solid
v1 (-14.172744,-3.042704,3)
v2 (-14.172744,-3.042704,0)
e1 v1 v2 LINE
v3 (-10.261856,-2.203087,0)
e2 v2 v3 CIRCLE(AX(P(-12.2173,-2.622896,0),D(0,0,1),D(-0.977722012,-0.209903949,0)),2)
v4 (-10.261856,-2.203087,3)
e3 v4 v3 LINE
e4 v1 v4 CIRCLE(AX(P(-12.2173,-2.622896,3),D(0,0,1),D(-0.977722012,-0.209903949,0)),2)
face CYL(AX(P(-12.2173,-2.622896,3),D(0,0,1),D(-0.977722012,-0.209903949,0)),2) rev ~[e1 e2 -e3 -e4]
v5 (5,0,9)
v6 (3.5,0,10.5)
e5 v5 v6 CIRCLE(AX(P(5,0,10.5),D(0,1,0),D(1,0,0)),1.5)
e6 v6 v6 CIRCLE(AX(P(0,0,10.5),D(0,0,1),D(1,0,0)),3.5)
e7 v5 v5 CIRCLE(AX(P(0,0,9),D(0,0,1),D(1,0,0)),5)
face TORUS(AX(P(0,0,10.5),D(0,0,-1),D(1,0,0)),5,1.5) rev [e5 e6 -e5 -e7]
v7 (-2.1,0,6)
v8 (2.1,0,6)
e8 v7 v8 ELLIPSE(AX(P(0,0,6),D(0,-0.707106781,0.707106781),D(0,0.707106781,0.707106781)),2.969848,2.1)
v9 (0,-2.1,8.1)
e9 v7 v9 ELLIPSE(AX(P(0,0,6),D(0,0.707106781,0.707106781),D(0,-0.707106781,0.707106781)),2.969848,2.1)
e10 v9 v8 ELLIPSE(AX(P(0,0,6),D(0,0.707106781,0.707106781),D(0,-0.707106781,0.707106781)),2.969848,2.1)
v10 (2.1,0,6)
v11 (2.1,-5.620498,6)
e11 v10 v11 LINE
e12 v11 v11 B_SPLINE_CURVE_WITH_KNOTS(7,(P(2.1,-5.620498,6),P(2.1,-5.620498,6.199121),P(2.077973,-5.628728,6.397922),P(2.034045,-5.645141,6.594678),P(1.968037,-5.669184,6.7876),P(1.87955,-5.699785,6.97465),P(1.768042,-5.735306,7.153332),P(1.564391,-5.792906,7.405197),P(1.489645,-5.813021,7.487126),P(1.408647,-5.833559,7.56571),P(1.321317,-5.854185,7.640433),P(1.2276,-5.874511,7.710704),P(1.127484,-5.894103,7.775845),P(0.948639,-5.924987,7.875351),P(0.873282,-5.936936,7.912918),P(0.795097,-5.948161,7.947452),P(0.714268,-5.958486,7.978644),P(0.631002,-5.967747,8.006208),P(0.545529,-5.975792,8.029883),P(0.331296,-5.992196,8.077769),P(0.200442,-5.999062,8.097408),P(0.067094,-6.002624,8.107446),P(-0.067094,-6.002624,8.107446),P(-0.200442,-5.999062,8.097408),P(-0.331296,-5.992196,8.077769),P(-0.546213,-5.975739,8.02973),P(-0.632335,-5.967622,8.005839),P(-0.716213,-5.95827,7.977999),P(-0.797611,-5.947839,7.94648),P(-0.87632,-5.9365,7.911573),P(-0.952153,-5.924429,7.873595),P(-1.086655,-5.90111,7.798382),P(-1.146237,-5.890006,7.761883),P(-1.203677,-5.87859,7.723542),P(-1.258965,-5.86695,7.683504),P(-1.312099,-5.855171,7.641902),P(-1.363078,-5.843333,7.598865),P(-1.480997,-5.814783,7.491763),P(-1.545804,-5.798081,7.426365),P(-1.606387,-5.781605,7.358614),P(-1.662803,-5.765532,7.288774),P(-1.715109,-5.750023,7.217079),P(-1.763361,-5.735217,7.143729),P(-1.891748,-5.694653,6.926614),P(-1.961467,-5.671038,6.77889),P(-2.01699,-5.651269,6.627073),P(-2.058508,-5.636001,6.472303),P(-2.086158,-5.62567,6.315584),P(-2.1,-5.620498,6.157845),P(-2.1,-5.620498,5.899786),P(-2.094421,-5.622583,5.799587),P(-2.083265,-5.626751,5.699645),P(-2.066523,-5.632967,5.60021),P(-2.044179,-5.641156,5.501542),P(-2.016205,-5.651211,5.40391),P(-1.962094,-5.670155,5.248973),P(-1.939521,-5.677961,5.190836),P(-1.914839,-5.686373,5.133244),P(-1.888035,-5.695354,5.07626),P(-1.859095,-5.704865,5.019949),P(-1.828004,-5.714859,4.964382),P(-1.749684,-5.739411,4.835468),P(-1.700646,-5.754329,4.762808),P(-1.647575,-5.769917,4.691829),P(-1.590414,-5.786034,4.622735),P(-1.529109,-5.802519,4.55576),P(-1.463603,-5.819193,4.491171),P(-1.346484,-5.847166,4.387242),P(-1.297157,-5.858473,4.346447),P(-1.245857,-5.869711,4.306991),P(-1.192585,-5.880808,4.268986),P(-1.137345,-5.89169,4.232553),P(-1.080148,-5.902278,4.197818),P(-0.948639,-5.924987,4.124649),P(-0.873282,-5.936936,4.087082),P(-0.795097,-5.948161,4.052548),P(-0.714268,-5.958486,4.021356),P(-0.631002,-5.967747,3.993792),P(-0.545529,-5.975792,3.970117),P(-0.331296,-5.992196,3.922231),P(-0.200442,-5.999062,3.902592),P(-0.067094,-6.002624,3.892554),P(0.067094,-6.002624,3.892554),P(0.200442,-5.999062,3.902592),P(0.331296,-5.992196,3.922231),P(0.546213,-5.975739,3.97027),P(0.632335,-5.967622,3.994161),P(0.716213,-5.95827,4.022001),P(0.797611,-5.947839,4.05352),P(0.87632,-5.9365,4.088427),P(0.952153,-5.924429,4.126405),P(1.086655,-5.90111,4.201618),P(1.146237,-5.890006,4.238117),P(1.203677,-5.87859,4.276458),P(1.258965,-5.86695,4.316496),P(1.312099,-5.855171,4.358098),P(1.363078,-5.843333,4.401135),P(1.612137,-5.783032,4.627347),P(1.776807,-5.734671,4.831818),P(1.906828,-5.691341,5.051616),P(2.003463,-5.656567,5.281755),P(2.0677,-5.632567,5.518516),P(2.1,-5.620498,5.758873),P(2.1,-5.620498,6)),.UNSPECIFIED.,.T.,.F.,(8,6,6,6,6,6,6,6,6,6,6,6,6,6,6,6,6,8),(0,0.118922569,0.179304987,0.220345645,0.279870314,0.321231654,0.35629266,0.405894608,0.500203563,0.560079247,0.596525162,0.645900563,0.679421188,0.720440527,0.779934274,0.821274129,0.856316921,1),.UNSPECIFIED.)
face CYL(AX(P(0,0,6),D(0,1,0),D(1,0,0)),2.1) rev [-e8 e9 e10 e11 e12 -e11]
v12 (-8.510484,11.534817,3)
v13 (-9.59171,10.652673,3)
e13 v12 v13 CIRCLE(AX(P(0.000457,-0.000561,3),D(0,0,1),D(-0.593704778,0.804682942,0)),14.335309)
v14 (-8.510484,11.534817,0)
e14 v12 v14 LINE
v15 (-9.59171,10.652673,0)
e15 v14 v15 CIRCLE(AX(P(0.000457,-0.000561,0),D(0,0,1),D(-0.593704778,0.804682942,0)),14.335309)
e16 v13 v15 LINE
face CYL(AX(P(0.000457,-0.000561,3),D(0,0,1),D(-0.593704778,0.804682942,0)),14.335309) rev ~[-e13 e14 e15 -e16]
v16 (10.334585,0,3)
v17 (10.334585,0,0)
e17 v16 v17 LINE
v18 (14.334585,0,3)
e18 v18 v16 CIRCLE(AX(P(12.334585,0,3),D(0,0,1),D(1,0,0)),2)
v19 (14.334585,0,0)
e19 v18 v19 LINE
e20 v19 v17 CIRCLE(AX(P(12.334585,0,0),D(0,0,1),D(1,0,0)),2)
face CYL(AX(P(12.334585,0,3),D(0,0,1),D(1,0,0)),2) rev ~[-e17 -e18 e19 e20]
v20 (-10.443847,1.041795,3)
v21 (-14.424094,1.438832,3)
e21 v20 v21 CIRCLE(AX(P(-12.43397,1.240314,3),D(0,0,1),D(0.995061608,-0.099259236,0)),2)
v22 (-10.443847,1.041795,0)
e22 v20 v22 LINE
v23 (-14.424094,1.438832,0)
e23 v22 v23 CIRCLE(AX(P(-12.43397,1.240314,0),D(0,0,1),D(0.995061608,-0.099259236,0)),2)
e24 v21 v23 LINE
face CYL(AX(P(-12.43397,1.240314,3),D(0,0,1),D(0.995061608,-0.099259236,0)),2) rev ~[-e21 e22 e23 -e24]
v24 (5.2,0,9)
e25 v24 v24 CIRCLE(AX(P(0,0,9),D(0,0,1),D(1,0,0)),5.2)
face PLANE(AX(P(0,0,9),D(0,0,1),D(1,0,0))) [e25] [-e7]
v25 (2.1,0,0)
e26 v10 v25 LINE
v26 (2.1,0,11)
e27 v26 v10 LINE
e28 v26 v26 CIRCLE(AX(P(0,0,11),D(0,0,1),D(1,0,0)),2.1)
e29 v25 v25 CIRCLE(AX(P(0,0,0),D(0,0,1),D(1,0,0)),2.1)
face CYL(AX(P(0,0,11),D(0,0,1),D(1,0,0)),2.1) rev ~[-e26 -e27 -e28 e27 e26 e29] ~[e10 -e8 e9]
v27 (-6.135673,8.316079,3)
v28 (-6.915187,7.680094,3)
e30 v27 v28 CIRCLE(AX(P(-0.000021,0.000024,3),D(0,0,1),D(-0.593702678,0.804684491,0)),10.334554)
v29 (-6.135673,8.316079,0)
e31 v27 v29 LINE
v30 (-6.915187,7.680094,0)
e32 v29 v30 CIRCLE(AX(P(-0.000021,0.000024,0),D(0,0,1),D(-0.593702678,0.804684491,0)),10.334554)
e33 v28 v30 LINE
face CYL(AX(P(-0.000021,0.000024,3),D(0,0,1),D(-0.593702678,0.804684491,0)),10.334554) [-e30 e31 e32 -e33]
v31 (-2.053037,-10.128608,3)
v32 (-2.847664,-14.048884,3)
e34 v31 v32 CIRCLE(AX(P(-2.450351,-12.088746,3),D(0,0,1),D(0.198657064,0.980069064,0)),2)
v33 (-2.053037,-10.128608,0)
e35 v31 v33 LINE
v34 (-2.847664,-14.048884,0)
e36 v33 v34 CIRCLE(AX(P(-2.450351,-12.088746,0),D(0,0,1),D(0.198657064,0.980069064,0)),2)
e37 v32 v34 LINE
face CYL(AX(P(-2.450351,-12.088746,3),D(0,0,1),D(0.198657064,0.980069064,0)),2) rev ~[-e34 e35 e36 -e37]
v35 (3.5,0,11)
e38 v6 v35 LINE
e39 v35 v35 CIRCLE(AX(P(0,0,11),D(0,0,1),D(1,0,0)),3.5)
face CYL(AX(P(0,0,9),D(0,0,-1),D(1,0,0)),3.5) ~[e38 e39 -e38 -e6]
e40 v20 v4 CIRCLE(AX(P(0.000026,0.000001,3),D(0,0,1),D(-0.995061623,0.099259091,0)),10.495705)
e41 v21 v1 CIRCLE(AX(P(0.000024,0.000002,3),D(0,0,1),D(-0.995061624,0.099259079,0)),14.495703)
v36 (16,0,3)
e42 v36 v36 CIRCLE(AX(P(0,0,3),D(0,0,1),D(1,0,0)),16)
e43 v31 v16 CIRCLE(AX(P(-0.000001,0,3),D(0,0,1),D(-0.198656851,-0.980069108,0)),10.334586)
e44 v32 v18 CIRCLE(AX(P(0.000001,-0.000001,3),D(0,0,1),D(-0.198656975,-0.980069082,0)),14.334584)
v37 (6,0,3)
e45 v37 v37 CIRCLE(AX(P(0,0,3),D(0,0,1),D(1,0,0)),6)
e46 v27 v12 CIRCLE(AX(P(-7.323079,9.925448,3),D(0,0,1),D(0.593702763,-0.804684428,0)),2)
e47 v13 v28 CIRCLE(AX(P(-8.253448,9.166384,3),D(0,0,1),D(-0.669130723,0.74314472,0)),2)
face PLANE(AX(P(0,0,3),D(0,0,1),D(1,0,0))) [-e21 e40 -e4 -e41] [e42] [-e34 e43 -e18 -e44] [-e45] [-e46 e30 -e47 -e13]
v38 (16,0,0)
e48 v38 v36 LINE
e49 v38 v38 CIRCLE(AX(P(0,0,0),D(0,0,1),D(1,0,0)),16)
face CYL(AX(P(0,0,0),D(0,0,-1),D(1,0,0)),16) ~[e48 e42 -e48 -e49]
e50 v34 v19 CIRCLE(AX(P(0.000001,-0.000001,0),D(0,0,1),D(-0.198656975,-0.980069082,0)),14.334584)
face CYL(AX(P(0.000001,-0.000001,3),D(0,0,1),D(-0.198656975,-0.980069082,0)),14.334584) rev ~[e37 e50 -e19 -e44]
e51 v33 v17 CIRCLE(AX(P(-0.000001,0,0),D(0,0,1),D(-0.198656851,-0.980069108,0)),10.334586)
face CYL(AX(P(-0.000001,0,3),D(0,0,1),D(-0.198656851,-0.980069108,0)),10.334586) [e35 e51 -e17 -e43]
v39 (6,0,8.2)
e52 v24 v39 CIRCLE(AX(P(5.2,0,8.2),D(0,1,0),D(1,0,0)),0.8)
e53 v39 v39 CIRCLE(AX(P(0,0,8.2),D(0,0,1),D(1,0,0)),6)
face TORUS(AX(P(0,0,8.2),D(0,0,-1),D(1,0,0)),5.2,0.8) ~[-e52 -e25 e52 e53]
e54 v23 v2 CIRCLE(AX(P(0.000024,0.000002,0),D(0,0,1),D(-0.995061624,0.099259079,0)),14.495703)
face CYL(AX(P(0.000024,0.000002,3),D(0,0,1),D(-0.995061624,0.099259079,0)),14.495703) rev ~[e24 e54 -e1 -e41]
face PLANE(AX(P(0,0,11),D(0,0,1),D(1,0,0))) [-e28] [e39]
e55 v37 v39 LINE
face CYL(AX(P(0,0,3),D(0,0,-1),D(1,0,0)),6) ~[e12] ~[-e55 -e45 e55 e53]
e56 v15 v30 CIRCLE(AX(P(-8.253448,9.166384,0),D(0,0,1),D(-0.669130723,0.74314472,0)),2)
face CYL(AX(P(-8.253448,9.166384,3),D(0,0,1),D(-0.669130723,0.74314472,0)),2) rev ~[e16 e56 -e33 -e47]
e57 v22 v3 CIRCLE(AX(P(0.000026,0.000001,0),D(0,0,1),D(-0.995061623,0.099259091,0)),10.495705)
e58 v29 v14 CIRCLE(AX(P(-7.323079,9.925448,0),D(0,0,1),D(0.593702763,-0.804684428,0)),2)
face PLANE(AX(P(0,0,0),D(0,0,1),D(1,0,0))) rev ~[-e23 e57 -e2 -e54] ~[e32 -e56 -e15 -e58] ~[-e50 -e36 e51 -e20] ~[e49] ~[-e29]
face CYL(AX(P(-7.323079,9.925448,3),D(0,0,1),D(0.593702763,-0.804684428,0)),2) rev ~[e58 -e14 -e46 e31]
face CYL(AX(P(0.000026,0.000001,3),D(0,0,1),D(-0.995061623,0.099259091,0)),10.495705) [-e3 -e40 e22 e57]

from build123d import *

# Parameters (mm, degrees)
SKETCH007_R     = 2.1
PAD003_DEPTH    = 10
SKETCH_R        = 16
PAD_DEPTH       = 3
POCKET_DEPTH    = 3.001
POCKET001_DEPTH = 3
POCKET002_DEPTH = 3
SKETCH004_R     = 6
PAD001_DEPTH    = 6
SKETCH005_R     = 3.5
PAD002_DEPTH    = 2
SKETCH006_R     = 2.1
POCKET003_DEPTH = 11.001
FILLET_R        = 1.5
FILLET001_R     = 0.8


with BuildPart() as pad003:
    # Sketch007 → Pad003 (new body)
    with BuildSketch(Plane.XZ):
        with Locations((0, 6)):
            Circle(SKETCH007_R)
    extrude(amount=PAD003_DEPTH)


with BuildPart() as cut:
    # Sketch → Pad (new body)
    with BuildSketch(Plane.XY):
        Circle(SKETCH_R)
    extrude(amount=PAD_DEPTH)

    # Sketch001 → Pocket (cut, through all)
    with BuildSketch(Plane.XY.offset(3)):
        with BuildLine():
            ThreePointArc((-2.847664, -14.048884), (9.073595, -11.097307), (14.334585, 0))
            ThreePointArc((14.334585, 0), (12.334585, 2), (10.334585, 0))
            ThreePointArc((-2.053037, -10.128608), (6.54165, -8.000654), (10.334585, 0))
            ThreePointArc((-2.053037, -10.128608), (-4.410489, -11.691432), (-2.847664, -14.048884))
        make_face()
    extrude(amount=-POCKET_DEPTH, mode=Mode.SUBTRACT)

    # Sketch002 → Pocket001 (cut)
    with BuildSketch(Plane.XY.offset(3)):
        with BuildLine():
            ThreePointArc((-10.443847, 1.041795), (-10.47921, -0.587733), (-10.261856, -2.203087))
            ThreePointArc((-14.172744, -3.042704), (-11.797491, -4.57834), (-10.261856, -2.203087))
            ThreePointArc((-14.424094, 1.438832), (-14.472934, -0.811724), (-14.172744, -3.042704))
            ThreePointArc((-10.443847, 1.041795), (-12.235452, 3.230437), (-14.424094, 1.438832))
        make_face()
    extrude(amount=-POCKET001_DEPTH, mode=Mode.SUBTRACT)

    # Sketch003 → Pocket002 (cut)
    with BuildSketch(Plane.XY.offset(3)):
        with BuildLine():
            ThreePointArc((-8.510484, 11.534817), (-9.061837, 11.106909), (-9.59171, 10.652673))
            ThreePointArc((-9.59171, 10.652673), (-9.739738, 7.828122), (-6.915187, 7.680094))
            ThreePointArc((-6.135673, 8.316079), (-6.533173, 8.007578), (-6.915187, 7.680094))
            ThreePointArc((-6.135673, 8.316079), (-5.71371, 11.112854), (-8.510484, 11.534817))
        make_face()
    extrude(amount=-POCKET002_DEPTH, mode=Mode.SUBTRACT)

    # Sketch004 → Pad001 (new body)
    with BuildSketch(Plane.XY.offset(3)):
        Circle(SKETCH004_R)
    extrude(amount=PAD001_DEPTH)

    # Sketch005 → Pad002 (new body)
    with BuildSketch(Plane.XY.offset(9)):
        Circle(SKETCH005_R)
    extrude(amount=PAD002_DEPTH)

    # Sketch006 → Pocket003 (cut, through all)
    with BuildSketch(Plane.XY.offset(11)):
        Circle(SKETCH006_R)
    extrude(amount=-POCKET003_DEPTH, mode=Mode.SUBTRACT)

    # Fillet
    fillet_edges = [cut.edges().sort_by_distance(p)[0] for p in [
        (-3.5, 0, 9),
    ]]
    fillet(fillet_edges, radius=FILLET_R)

    # Fillet001
    fillet001_edges = [cut.edges().sort_by_distance(p)[0] for p in [
        (-6, 0, 9),
    ]]
    fillet(fillet001_edges, radius=FILLET001_R)

    # Cut: cut Pad003
    add(pad003.part, mode=Mode.SUBTRACT)


solid = cut.part
